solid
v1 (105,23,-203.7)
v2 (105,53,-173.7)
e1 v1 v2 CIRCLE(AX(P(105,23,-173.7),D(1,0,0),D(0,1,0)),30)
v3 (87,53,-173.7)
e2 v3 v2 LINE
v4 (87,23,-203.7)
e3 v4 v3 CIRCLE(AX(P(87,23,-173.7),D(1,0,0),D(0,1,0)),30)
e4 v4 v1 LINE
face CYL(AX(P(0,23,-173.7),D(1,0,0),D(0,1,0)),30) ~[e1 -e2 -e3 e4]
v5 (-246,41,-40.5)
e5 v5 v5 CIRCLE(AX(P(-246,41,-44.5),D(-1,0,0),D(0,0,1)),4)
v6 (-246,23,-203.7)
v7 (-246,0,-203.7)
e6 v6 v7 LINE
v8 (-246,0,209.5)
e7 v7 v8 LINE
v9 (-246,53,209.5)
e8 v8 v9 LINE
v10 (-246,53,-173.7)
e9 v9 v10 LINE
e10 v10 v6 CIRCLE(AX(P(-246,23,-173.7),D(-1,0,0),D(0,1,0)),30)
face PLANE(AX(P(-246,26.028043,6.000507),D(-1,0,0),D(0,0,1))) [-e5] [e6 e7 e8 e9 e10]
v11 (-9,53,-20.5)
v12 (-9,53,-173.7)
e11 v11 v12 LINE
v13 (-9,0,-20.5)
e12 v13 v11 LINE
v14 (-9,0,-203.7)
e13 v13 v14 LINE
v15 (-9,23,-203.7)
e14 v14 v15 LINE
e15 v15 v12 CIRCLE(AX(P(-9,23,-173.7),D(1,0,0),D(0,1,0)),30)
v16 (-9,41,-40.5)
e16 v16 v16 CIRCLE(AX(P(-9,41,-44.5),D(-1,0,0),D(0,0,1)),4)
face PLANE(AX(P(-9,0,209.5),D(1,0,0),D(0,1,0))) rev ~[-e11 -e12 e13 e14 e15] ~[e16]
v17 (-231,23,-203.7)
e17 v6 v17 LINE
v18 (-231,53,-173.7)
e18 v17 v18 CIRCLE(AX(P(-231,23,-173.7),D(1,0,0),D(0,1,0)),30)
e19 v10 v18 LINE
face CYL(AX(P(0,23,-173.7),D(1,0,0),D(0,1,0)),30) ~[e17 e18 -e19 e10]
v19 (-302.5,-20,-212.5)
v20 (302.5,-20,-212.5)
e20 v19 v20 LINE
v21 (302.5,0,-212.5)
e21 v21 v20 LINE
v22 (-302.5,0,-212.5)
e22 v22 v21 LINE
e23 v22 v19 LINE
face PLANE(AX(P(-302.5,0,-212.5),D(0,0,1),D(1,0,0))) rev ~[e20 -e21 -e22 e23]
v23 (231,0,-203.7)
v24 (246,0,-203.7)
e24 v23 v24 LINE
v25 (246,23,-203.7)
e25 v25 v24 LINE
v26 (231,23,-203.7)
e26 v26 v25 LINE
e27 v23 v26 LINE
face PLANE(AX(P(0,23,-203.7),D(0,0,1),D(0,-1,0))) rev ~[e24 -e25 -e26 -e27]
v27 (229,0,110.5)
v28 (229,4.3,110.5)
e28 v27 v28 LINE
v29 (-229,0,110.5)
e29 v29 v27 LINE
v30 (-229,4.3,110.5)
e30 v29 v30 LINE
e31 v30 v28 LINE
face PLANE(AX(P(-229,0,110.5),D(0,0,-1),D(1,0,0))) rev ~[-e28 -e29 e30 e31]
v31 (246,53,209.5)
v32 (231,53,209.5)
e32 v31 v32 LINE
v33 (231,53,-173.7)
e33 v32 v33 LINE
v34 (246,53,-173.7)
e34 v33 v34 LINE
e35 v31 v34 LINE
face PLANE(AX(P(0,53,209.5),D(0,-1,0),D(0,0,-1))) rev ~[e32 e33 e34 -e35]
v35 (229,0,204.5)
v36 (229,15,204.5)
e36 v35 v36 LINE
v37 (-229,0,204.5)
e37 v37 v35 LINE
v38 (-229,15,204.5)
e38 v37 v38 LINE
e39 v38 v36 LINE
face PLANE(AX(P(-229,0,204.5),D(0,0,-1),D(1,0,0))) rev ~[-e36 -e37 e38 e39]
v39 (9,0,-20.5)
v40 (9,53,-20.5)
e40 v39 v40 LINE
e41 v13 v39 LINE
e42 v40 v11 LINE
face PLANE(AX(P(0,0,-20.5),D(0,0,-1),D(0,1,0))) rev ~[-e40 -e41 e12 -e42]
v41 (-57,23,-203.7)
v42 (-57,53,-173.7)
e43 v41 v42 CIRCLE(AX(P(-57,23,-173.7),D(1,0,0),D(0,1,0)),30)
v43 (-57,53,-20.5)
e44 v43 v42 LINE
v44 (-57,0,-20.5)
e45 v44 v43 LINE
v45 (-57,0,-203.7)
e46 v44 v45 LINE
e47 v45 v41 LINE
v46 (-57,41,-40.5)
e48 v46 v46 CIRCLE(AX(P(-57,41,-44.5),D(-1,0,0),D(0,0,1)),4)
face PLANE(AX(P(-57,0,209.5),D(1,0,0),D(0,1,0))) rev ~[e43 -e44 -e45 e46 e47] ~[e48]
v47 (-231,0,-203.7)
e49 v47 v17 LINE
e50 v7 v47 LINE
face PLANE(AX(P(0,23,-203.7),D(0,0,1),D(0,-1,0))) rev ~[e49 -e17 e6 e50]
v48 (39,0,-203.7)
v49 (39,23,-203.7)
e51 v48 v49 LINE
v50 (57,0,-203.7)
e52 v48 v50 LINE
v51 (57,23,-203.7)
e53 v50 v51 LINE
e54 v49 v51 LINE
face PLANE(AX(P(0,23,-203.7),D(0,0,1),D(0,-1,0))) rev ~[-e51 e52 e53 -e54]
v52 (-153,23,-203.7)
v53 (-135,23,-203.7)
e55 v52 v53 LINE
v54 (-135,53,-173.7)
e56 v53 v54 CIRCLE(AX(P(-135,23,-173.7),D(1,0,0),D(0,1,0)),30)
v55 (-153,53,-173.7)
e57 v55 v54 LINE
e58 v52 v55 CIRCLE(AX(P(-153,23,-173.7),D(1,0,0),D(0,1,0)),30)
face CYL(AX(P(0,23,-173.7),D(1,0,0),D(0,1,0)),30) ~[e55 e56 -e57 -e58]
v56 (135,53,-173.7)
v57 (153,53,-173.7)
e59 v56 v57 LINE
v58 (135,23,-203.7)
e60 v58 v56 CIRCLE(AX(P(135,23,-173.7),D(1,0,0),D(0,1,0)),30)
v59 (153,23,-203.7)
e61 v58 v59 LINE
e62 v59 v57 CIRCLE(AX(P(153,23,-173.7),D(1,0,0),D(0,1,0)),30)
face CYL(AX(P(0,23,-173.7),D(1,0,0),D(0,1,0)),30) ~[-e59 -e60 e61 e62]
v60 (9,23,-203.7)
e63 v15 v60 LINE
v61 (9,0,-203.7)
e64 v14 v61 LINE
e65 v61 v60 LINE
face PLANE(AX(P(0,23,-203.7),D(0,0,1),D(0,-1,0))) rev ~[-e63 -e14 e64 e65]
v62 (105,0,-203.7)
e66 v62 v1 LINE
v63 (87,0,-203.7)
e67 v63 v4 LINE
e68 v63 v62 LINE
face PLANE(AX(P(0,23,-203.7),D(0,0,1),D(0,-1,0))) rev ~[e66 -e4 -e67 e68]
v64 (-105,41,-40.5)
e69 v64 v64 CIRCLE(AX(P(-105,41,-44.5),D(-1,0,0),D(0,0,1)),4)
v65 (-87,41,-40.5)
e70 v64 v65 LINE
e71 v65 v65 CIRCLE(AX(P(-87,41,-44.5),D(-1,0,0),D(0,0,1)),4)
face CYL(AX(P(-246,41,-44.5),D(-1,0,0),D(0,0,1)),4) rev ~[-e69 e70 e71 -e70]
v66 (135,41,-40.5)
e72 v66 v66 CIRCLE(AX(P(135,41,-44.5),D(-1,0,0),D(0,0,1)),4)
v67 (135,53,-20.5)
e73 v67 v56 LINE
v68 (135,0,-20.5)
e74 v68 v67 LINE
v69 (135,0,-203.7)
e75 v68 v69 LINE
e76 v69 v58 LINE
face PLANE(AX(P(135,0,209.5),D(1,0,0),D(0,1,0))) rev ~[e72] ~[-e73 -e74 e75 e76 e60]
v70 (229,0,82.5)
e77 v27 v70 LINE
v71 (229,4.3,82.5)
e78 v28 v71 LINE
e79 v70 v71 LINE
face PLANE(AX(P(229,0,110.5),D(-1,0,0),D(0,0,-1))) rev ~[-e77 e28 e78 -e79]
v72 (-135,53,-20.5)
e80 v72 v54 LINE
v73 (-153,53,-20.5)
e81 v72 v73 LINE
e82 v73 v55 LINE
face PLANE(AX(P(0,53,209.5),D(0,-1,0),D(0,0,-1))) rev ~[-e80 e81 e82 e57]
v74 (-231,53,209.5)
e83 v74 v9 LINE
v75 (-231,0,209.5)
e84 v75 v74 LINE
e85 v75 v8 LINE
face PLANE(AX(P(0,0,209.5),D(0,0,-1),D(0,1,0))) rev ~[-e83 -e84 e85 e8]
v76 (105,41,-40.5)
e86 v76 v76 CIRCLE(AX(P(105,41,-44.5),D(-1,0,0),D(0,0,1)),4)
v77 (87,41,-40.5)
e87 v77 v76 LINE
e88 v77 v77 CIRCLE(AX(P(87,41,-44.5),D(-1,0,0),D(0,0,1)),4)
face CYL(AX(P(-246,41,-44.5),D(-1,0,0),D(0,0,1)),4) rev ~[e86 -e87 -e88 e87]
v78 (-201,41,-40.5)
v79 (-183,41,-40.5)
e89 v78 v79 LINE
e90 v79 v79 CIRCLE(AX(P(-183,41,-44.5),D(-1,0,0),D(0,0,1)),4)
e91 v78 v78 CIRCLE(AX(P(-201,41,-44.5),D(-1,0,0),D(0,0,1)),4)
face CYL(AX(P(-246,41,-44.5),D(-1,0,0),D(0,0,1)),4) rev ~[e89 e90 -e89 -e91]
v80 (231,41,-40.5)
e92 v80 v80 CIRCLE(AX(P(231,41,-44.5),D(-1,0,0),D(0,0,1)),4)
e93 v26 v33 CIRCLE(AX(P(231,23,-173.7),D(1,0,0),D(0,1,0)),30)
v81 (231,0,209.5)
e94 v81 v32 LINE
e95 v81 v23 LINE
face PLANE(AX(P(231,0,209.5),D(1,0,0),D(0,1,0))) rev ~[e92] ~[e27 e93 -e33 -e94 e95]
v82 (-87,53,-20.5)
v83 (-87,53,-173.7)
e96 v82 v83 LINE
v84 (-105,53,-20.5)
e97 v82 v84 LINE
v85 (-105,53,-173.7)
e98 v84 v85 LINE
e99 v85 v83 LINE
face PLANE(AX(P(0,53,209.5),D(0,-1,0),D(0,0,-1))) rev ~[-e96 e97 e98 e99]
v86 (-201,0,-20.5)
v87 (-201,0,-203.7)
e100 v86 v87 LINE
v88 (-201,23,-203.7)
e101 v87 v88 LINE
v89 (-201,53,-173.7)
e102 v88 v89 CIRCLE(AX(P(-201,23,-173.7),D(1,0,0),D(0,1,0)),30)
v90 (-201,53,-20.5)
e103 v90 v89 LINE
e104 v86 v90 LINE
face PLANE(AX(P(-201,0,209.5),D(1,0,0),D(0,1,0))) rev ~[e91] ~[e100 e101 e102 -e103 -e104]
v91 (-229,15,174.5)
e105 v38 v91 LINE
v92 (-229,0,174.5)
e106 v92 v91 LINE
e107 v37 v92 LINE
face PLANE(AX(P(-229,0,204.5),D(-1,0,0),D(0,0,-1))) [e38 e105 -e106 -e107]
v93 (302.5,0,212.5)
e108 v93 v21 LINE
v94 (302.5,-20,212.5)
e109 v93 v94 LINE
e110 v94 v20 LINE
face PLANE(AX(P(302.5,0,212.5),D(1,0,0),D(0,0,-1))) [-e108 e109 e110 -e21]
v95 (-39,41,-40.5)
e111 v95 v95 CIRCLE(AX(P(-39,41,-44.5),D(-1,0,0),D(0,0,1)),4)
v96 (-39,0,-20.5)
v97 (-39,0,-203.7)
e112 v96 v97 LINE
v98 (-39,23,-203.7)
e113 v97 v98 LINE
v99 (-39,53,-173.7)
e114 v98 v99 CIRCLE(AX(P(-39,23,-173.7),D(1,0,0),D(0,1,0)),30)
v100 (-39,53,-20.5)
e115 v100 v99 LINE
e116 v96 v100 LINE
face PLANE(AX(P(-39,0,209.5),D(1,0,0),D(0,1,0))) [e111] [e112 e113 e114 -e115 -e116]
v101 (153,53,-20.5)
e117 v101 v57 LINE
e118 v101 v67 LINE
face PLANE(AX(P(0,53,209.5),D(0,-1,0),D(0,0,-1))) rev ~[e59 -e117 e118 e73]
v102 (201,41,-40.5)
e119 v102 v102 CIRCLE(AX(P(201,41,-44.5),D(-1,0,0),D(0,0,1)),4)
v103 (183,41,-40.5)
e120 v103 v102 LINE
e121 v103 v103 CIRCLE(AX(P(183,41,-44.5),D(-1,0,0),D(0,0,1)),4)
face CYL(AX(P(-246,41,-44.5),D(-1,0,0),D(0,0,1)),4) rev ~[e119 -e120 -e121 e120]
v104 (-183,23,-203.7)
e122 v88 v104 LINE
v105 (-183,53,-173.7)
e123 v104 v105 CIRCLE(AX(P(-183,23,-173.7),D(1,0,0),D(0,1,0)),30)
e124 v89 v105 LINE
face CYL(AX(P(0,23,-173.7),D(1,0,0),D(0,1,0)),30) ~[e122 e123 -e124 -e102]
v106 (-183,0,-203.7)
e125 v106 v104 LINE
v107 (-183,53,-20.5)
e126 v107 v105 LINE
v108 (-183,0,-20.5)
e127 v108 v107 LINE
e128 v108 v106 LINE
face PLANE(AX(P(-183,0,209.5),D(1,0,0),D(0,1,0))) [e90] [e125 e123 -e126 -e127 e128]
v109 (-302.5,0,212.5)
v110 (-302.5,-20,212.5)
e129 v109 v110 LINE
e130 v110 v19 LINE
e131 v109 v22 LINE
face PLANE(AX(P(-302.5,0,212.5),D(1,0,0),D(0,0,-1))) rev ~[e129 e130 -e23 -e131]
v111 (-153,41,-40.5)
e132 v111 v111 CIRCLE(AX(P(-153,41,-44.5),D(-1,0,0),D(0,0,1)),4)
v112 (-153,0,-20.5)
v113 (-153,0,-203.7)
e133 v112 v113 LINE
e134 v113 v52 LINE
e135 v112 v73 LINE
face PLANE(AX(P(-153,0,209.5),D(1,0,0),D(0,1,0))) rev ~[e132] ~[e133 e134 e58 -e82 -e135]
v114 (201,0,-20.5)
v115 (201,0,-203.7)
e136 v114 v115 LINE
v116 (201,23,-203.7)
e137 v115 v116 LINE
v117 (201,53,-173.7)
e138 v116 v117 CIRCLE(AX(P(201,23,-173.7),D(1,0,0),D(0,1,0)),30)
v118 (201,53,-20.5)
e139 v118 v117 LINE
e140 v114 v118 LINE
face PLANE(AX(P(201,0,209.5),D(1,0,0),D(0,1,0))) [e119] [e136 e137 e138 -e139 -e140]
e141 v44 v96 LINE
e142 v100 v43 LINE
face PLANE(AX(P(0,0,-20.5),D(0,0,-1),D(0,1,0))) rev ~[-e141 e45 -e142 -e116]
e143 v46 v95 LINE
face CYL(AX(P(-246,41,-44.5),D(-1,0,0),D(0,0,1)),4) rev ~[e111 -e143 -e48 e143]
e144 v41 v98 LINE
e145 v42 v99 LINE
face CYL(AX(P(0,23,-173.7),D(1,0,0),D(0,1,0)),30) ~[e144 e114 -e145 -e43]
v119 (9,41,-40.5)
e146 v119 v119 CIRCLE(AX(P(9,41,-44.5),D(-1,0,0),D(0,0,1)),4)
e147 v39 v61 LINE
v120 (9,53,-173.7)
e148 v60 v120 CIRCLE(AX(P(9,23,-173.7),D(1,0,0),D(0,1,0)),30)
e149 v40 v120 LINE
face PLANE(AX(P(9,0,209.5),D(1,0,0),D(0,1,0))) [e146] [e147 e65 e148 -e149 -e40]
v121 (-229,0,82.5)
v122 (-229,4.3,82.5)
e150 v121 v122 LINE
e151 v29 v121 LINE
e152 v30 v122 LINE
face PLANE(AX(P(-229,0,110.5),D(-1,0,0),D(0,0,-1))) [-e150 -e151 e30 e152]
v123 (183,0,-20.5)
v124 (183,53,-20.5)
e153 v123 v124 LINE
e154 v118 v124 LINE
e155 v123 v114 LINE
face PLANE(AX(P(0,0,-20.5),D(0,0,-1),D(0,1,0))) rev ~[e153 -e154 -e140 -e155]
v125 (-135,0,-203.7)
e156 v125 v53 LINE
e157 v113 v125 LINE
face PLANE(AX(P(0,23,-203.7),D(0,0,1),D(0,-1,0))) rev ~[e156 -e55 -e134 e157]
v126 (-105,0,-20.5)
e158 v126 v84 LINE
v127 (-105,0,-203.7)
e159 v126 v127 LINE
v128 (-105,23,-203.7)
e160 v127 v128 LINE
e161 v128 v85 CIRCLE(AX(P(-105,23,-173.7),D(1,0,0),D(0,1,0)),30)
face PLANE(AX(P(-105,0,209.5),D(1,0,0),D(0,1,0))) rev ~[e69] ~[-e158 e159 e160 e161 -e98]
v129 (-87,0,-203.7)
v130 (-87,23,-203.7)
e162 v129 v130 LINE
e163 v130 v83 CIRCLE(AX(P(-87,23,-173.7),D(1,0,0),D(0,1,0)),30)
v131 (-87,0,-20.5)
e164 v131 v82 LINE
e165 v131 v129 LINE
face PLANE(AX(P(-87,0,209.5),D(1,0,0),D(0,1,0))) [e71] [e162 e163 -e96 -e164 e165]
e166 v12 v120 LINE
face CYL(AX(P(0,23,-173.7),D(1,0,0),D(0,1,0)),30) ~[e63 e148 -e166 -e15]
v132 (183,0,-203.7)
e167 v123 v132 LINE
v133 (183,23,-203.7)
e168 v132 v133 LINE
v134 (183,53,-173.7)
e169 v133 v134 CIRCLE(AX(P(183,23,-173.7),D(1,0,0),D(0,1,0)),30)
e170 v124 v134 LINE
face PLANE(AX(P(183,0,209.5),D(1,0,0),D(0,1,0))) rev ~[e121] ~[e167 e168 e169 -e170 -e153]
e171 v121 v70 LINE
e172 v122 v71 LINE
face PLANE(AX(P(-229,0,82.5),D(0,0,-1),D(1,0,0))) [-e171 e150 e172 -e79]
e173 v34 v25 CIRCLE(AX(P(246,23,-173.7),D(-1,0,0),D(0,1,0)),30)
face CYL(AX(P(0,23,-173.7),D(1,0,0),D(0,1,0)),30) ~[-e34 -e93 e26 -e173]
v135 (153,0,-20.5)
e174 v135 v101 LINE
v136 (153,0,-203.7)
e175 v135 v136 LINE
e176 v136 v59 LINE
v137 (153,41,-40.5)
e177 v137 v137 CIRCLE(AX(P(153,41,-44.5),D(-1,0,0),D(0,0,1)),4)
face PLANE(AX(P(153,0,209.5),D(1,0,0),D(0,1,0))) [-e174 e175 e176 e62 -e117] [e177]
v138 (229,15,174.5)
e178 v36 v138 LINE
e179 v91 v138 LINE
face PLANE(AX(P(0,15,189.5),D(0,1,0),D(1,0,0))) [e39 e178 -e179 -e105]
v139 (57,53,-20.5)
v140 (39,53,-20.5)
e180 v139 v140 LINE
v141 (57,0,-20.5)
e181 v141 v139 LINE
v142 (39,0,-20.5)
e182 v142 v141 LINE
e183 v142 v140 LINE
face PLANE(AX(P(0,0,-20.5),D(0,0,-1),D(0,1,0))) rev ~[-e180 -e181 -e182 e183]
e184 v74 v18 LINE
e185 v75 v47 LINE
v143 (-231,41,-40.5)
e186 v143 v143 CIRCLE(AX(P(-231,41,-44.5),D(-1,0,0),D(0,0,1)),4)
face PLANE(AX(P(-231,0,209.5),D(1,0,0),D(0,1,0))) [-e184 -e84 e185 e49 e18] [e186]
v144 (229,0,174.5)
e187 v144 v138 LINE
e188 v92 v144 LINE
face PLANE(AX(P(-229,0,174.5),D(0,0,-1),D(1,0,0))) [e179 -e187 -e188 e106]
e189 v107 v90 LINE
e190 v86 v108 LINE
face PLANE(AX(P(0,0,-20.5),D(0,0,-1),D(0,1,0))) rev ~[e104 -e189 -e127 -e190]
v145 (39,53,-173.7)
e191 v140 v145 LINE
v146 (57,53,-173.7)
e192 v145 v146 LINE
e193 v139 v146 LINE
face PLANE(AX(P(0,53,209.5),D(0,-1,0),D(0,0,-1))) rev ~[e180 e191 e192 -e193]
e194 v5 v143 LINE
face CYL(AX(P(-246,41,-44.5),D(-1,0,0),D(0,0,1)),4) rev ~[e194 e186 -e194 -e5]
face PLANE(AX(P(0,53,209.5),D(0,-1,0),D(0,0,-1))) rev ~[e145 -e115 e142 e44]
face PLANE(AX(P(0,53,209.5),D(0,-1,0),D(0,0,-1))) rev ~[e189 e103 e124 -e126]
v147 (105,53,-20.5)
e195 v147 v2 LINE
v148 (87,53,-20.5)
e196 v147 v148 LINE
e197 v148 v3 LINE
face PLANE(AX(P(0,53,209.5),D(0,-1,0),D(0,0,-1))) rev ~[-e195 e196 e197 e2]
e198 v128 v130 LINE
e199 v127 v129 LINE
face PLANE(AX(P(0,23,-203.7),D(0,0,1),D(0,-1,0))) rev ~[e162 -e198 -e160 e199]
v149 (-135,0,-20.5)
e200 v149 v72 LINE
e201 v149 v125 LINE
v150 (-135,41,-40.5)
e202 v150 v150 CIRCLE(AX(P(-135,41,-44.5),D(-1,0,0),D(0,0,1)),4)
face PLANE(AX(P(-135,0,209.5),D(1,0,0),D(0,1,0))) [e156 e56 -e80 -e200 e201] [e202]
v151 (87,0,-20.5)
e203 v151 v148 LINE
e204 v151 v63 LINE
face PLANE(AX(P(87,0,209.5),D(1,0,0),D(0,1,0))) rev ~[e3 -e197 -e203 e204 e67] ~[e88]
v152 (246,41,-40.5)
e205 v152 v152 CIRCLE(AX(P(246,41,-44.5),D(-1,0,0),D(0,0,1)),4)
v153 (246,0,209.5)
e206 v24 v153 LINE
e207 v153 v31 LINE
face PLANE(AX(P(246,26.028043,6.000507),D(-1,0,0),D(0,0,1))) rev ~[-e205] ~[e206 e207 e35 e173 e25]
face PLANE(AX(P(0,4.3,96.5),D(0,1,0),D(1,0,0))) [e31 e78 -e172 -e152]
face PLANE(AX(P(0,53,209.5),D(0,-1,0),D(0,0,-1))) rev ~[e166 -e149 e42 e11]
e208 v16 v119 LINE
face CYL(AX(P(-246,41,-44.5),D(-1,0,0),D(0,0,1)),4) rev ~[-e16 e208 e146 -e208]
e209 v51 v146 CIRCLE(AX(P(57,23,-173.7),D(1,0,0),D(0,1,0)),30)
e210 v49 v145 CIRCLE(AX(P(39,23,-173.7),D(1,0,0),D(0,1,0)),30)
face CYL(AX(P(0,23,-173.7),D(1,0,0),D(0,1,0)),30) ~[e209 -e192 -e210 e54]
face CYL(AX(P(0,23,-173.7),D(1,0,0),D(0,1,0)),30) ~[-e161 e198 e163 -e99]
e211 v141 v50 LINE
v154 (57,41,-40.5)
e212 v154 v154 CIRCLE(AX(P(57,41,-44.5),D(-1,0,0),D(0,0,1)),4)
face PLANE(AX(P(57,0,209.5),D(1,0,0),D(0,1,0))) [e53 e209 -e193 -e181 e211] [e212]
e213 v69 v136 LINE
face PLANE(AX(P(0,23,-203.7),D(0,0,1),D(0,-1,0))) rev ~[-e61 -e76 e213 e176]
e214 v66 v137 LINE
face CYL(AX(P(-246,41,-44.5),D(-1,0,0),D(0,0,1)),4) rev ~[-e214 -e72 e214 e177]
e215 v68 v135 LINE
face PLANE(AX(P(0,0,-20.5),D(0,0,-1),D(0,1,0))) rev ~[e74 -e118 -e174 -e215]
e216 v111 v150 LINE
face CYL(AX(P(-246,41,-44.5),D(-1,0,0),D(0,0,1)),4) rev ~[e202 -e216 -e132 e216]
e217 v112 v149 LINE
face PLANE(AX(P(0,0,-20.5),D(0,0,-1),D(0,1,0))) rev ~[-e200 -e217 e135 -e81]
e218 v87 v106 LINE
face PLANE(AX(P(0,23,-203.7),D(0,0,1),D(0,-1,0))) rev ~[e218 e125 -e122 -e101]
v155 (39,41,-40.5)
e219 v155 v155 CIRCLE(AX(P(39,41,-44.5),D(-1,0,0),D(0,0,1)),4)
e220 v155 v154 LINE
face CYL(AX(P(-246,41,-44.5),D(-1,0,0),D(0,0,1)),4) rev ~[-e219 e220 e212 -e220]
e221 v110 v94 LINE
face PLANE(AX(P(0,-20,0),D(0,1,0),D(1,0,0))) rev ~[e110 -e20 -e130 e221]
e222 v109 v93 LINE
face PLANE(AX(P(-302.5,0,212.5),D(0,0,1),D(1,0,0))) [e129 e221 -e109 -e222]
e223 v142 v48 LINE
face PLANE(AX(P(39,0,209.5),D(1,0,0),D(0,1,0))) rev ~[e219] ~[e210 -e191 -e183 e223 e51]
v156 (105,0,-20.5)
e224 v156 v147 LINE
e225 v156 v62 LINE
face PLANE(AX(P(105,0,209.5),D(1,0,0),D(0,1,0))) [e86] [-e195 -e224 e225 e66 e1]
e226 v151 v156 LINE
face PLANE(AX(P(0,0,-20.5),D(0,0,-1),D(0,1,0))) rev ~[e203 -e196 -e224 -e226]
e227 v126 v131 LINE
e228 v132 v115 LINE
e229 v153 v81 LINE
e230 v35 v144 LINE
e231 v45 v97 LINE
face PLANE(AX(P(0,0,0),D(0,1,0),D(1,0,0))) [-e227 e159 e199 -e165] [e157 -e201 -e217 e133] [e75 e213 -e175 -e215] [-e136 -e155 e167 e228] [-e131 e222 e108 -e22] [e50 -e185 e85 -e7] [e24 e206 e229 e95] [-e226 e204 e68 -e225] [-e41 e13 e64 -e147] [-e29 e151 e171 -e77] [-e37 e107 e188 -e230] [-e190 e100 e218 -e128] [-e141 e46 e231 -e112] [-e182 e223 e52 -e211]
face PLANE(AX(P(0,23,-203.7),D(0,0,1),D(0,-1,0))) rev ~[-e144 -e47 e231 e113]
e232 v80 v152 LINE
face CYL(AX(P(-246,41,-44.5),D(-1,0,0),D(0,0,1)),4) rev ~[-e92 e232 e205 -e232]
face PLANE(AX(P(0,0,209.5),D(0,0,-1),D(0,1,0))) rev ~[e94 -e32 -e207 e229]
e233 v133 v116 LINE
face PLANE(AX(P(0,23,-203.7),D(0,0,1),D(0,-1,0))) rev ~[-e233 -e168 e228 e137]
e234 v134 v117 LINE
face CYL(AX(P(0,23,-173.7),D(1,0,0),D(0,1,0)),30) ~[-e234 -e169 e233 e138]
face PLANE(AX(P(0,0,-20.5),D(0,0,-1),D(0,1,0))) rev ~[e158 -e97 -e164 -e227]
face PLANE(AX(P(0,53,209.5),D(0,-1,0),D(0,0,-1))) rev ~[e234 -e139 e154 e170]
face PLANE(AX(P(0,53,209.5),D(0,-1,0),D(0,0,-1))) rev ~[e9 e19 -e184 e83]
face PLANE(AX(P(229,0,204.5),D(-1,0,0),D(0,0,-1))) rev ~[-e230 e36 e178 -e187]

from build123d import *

# Parameters (mm, degrees)
SKETCH1_W           = 605
SKETCH1_H           = 425
BOSS_EXTRUDE1_DEPTH = 20
BOSS_EXTRUDE2_DEPTH = 246
SKETCH3_W           = 30
SKETCH3_H           = 53
CUT_EXTRUDE1_DEPTH  = 423
SKETCH4_R           = 4
CUT_EXTRUDE2_DEPTH  = 549.5
SKETCH5_W           = 230
SKETCH5_H           = 53
CUT_EXTRUDE3_DEPTH  = 220
SKETCH6_W           = 458
SKETCH6_H           = 30
BOSS_EXTRUDE3_DEPTH = 15
SKETCH7_W           = 458
SKETCH7_H           = 28
BOSS_EXTRUDE4_DEPTH = 4.3


with BuildPart() as part:
    # Sketch1 → Boss-Extrude1 (new body)
    with BuildSketch(Plane(origin=(0, 0, 0), x_dir=(1, 0, 0), z_dir=(0, 1, 0))):
        Rectangle(SKETCH1_W, SKETCH1_H)
    extrude(amount=-BOSS_EXTRUDE1_DEPTH)

    # Sketch2 → Boss-Extrude2 (add, symmetric)
    with BuildSketch(Plane(origin=(0, 0, 0), x_dir=(0, 0, -1), z_dir=(1, 0, 0))):
        with BuildLine():
            Line((203.7, 0), (-209.5, 0))
            Line((-209.5, 0), (-209.5, 53))
            Line((-209.5, 53), (173.7, 53))
            ThreePointArc((173.7, 53), (194.913203436, 44.213203436), (203.7, 23))
            Line((203.7, 23), (203.7, 0))
        make_face()
    extrude(amount=BOSS_EXTRUDE2_DEPTH, both=True)

    # Sketch3 → Cut-Extrude1 (cut, through all)
    with BuildSketch(Plane.XY.offset(209.5)):
        with Locations((-216, 26.5)):
            Rectangle(SKETCH3_W, SKETCH3_H)
        with Locations((-168, 26.5)):
            Rectangle(SKETCH3_W, SKETCH3_H)
        with Locations((-120, 26.5)):
            Rectangle(SKETCH3_W, SKETCH3_H)
        with Locations((-72, 26.5)):
            Rectangle(SKETCH3_W, SKETCH3_H)
        with Locations((-24, 26.5)):
            Rectangle(SKETCH3_W, SKETCH3_H)
        with Locations((24, 26.5)):
            Rectangle(SKETCH3_W, SKETCH3_H)
        with Locations((72, 26.5)):
            Rectangle(SKETCH3_W, SKETCH3_H)
        with Locations((120, 26.5)):
            Rectangle(SKETCH3_W, SKETCH3_H)
        with Locations((168, 26.5)):
            Rectangle(SKETCH3_W, SKETCH3_H)
        with Locations((216, 26.5)):
            Rectangle(SKETCH3_W, SKETCH3_H)
    extrude(amount=-CUT_EXTRUDE1_DEPTH, mode=Mode.SUBTRACT)

    # Sketch4 → Cut-Extrude2 (cut, through all)
    with BuildSketch(Plane.ZY.offset(246)):
        with Locations((-44.5, 41)):
            Circle(SKETCH4_R)
    extrude(amount=-CUT_EXTRUDE2_DEPTH, mode=Mode.SUBTRACT)

    # Sketch5 → Cut-Extrude3 (cut, symmetric)
    with BuildSketch(Plane(origin=(0, 0, 0), x_dir=(0, 0, -1), z_dir=(1, 0, 0))):
        with Locations((-94.5, 26.5)):
            Rectangle(SKETCH5_W, SKETCH5_H)
    extrude(amount=CUT_EXTRUDE3_DEPTH, both=True, mode=Mode.SUBTRACT)

    # Sketch6 → Boss-Extrude3 (add)
    with BuildSketch(Plane(origin=(0, 0, 0), x_dir=(1, 0, 0), z_dir=(0, 1, 0))):
        with Locations((0, -189.5)):
            Rectangle(SKETCH6_W, SKETCH6_H)
    extrude(amount=BOSS_EXTRUDE3_DEPTH)

    # Sketch7 → Boss-Extrude4 (add)
    with BuildSketch(Plane(origin=(0, 0, 0), x_dir=(1, 0, 0), z_dir=(0, 1, 0))):
        with Locations((0, -96.5)):
            Rectangle(SKETCH7_W, SKETCH7_H)
    extrude(amount=BOSS_EXTRUDE4_DEPTH)


solid = part.part
